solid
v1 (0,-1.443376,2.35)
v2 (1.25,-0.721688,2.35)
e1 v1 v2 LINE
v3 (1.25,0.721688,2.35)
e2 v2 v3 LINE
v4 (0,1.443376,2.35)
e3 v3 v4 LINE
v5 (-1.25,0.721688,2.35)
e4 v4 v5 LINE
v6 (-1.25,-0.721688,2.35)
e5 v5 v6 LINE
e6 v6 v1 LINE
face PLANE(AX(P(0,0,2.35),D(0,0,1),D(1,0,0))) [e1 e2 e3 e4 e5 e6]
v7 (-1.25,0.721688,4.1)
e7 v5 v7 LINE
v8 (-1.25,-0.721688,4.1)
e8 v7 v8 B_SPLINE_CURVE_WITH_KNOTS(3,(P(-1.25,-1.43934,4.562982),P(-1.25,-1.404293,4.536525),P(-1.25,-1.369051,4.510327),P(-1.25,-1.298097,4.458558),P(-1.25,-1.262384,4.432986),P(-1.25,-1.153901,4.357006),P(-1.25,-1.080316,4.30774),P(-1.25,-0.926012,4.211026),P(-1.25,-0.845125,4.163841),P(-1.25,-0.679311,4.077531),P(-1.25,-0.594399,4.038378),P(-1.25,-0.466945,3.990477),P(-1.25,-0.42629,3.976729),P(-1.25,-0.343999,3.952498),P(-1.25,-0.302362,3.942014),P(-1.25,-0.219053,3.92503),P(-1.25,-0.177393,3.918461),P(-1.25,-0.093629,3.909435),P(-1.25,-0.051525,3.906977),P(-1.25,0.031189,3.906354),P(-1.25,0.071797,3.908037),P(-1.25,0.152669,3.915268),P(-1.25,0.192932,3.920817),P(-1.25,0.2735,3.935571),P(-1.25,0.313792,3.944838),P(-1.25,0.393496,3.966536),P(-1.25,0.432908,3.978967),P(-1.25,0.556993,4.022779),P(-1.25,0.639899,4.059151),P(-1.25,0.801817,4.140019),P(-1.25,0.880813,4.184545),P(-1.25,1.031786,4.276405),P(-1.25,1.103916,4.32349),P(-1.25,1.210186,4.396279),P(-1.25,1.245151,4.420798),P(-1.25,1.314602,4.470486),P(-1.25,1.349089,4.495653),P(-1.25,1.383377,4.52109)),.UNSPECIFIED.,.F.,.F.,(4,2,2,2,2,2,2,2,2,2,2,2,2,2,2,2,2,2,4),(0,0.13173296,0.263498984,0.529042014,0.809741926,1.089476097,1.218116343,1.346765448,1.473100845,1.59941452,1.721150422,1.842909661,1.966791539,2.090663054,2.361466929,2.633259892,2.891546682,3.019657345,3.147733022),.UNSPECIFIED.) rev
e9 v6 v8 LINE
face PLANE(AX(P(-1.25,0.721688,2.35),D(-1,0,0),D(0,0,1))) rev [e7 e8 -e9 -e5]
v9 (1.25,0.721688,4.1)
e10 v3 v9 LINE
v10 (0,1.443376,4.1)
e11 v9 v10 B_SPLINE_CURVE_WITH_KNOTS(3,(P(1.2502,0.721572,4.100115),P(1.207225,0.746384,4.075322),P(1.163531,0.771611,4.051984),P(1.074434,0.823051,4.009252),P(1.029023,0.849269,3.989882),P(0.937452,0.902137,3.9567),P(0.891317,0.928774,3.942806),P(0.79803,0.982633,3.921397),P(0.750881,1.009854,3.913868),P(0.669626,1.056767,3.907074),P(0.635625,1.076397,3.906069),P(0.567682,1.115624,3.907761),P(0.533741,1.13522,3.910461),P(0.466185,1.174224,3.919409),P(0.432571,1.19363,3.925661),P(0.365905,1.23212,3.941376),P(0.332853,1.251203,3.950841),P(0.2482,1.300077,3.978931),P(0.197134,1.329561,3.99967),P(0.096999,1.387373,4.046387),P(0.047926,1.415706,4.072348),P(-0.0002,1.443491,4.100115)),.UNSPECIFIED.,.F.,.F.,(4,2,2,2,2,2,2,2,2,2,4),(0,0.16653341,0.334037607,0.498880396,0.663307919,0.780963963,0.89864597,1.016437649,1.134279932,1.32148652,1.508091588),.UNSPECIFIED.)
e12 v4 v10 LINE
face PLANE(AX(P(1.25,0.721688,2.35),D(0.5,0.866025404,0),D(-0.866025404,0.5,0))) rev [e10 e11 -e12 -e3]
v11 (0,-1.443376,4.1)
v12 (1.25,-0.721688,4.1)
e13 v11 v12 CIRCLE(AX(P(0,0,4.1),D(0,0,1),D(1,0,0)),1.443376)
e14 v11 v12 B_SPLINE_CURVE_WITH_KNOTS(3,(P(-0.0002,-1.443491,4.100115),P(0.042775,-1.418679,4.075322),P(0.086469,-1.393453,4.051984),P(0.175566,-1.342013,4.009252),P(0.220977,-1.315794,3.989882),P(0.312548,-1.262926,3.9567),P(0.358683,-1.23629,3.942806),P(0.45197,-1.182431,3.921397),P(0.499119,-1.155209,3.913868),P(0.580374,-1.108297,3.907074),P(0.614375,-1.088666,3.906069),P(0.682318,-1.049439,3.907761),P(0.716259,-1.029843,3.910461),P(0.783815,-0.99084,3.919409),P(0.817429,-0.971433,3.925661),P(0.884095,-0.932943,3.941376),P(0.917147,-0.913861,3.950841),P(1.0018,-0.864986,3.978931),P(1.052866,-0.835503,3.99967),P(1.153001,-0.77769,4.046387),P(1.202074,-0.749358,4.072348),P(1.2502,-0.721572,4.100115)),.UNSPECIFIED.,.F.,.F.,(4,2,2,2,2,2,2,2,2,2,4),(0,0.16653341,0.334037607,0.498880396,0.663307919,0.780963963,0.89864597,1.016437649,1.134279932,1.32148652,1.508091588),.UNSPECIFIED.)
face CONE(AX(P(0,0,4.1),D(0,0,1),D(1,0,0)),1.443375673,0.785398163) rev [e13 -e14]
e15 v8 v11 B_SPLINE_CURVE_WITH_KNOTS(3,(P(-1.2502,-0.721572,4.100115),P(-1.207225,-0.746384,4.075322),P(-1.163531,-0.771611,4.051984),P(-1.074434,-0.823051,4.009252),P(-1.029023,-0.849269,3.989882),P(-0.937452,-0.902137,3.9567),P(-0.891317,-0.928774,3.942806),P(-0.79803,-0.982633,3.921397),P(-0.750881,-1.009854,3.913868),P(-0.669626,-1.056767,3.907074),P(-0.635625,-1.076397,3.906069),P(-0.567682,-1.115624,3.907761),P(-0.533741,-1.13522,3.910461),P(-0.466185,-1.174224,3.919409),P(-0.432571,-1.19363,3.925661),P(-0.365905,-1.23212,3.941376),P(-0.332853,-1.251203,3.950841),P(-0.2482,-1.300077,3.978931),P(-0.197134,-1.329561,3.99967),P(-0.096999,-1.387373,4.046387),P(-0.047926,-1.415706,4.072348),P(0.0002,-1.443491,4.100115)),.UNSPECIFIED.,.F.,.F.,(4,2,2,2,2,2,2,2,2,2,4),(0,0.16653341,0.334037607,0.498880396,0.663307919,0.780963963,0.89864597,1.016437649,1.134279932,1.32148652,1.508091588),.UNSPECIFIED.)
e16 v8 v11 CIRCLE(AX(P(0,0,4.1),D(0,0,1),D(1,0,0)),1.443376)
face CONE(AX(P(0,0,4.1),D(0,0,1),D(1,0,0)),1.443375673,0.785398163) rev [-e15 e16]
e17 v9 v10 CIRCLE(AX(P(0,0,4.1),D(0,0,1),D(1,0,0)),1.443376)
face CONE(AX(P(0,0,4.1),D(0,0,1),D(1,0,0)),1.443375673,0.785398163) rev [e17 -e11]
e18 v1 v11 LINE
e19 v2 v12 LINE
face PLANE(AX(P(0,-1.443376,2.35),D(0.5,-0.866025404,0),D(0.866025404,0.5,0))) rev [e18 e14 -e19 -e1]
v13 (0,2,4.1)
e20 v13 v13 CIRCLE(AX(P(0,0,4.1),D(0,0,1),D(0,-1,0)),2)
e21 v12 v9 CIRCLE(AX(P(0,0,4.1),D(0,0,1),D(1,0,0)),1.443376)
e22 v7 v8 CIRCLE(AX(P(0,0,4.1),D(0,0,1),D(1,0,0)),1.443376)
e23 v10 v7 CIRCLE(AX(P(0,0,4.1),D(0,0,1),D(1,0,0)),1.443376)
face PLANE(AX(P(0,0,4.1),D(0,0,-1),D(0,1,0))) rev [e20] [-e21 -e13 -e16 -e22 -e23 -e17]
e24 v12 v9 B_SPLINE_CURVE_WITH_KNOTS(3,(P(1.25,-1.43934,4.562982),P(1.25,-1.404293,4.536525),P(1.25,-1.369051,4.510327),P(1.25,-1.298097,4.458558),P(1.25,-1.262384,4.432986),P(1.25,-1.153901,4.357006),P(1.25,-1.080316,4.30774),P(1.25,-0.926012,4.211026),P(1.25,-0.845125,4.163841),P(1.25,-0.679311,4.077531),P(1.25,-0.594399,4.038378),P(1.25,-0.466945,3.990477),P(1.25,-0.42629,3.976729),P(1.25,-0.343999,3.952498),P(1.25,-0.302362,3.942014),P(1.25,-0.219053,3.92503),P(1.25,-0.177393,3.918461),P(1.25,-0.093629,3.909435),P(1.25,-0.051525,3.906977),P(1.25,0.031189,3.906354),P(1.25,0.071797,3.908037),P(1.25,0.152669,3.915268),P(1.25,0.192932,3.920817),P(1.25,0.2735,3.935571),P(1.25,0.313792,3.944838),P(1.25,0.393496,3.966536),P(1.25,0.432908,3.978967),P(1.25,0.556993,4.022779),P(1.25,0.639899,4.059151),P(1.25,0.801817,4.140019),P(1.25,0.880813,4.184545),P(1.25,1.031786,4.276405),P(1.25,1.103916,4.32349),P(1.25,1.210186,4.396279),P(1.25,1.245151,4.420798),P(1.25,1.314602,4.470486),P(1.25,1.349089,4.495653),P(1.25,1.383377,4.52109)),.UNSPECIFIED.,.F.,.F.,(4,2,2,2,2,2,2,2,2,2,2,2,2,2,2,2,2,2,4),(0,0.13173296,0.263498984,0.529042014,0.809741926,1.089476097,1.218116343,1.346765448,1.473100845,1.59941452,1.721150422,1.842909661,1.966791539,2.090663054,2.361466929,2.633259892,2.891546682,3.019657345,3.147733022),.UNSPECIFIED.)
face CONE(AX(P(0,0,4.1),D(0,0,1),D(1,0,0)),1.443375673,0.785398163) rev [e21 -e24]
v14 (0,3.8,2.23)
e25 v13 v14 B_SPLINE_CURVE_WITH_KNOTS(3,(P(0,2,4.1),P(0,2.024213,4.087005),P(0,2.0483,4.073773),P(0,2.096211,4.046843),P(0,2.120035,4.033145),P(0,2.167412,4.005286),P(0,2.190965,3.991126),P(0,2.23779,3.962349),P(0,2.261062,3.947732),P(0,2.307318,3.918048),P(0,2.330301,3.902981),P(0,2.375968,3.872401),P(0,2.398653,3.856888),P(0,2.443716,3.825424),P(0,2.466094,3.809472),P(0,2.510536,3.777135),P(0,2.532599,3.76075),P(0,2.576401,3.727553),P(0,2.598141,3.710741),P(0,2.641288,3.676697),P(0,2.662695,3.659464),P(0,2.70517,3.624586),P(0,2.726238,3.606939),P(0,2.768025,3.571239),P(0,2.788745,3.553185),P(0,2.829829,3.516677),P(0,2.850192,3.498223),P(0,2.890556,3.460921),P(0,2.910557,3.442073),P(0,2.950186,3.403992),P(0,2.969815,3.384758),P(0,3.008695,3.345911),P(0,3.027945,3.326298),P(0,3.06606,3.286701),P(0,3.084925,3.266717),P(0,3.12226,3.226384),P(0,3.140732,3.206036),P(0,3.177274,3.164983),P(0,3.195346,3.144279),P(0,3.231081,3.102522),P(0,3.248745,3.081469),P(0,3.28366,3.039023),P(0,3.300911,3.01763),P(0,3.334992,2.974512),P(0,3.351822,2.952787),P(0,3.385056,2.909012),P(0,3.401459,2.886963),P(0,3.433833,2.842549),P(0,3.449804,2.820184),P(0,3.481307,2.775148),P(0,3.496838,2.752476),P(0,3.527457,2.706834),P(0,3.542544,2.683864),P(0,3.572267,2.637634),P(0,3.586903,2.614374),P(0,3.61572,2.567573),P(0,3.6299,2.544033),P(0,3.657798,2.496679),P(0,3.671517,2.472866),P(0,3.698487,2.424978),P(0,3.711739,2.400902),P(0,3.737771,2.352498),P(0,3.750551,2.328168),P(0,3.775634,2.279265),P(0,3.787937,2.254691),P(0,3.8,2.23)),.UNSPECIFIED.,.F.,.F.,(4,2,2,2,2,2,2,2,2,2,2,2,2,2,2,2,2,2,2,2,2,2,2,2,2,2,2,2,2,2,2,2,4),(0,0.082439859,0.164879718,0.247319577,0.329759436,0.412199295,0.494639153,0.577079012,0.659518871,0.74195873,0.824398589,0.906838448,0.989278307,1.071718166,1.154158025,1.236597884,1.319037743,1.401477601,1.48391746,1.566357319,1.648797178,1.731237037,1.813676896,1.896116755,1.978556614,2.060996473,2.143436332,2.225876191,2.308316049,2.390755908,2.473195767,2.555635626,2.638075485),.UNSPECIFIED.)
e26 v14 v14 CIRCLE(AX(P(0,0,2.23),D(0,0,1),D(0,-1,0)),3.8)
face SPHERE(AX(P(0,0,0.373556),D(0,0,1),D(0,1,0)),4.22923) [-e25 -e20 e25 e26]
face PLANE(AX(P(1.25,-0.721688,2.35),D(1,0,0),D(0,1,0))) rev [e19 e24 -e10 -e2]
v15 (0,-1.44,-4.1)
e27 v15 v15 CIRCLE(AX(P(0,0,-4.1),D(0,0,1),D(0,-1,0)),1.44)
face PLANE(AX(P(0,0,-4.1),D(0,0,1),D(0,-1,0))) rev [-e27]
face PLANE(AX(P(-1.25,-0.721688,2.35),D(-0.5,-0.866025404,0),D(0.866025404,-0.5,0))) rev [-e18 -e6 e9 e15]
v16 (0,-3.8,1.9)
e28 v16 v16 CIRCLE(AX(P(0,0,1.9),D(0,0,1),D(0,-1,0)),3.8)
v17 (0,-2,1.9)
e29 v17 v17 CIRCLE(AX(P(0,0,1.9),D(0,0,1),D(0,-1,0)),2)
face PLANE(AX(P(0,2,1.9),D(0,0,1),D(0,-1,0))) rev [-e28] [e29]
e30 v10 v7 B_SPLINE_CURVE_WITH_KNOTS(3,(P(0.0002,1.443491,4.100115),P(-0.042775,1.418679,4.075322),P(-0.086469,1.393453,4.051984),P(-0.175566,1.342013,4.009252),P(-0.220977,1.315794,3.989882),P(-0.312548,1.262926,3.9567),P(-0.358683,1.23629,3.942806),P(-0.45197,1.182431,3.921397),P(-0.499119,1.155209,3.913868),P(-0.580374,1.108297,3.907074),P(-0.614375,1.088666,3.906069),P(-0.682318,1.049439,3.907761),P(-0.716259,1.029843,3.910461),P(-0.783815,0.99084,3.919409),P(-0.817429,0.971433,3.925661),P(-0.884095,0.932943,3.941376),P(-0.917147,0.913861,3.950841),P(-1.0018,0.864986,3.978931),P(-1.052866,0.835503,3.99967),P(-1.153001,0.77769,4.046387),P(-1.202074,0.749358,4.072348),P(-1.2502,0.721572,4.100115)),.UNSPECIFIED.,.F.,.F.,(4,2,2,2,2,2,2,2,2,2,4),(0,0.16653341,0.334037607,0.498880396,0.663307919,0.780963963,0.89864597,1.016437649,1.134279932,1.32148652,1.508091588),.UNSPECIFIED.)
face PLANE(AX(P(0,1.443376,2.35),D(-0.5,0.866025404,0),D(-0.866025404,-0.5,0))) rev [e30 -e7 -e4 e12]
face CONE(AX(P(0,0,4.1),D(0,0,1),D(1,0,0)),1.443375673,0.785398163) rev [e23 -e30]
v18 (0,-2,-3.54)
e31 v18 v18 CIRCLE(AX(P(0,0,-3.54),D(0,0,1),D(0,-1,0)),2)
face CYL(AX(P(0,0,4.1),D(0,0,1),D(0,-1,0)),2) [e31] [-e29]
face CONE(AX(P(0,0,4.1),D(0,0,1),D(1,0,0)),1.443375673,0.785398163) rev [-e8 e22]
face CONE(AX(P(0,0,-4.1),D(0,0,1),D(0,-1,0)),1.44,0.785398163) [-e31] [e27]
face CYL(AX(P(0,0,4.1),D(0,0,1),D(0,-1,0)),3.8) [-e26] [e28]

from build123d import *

# Parameters (mm, degrees)
CUT_EXTRUDE1_DEPTH = 1.75


with BuildPart() as part:
    # Sketch2 → Revolve1 (revolve)
    with BuildSketch(Plane(origin=(0, 0, 0), x_dir=(0, 0, -1), z_dir=(1, 0, 0)), mode=Mode.PRIVATE) as revolve1_sk:
        with BuildLine():
            Line((-4.1, 0), (4.1, 0))
            Line((4.1, 0), (4.1, 1.44))
            Line((4.1, 1.44), (3.54, 2))
            Line((3.54, 2), (-1.9, 2))
            Line((-1.9, 2), (-1.9, 3.8))
            Line((-1.9, 3.8), (-2.23, 3.8))
            ThreePointArc((-2.23, 3.8), (-3.306499853, 3.047002626), (-4.1, 2))
            Line((-4.1, 2), (-4.1, 0))
        make_face()
    revolve(revolve1_sk.sketch.rotate(Axis((0, 0, 4.1), (0, 0, -1)), 180), axis=Axis((0, 0, 4.1), (0, 0, -1)))

    # Sketch3 → Cut-Extrude1 (cut)
    with BuildSketch(Plane.XY.offset(4.1)):
        Polygon((0, 1.443375673), (-1.25, 0.721687836), (-1.25, -0.721687836), (0, -1.443375673), (1.25, -0.721687836), (1.25, 0.721687836), align=None)
    extrude(amount=-CUT_EXTRUDE1_DEPTH, mode=Mode.SUBTRACT)

    # Cut-Extrude2 cone 1 section (through the dimple's axis) → Cut-Extrude2 (revolve, cut)
    with BuildSketch(Plane(origin=(0, 0, 4.1), x_dir=(0, -1, 0), z_dir=(1, 0, 0))):
        Polygon((0, 0), (1.443375673, 0), (0, 1.443375673), align=None)
    revolve(axis=Axis((0, 0, 4.1), (0, 0, -1)), mode=Mode.SUBTRACT)


solid = part.part
